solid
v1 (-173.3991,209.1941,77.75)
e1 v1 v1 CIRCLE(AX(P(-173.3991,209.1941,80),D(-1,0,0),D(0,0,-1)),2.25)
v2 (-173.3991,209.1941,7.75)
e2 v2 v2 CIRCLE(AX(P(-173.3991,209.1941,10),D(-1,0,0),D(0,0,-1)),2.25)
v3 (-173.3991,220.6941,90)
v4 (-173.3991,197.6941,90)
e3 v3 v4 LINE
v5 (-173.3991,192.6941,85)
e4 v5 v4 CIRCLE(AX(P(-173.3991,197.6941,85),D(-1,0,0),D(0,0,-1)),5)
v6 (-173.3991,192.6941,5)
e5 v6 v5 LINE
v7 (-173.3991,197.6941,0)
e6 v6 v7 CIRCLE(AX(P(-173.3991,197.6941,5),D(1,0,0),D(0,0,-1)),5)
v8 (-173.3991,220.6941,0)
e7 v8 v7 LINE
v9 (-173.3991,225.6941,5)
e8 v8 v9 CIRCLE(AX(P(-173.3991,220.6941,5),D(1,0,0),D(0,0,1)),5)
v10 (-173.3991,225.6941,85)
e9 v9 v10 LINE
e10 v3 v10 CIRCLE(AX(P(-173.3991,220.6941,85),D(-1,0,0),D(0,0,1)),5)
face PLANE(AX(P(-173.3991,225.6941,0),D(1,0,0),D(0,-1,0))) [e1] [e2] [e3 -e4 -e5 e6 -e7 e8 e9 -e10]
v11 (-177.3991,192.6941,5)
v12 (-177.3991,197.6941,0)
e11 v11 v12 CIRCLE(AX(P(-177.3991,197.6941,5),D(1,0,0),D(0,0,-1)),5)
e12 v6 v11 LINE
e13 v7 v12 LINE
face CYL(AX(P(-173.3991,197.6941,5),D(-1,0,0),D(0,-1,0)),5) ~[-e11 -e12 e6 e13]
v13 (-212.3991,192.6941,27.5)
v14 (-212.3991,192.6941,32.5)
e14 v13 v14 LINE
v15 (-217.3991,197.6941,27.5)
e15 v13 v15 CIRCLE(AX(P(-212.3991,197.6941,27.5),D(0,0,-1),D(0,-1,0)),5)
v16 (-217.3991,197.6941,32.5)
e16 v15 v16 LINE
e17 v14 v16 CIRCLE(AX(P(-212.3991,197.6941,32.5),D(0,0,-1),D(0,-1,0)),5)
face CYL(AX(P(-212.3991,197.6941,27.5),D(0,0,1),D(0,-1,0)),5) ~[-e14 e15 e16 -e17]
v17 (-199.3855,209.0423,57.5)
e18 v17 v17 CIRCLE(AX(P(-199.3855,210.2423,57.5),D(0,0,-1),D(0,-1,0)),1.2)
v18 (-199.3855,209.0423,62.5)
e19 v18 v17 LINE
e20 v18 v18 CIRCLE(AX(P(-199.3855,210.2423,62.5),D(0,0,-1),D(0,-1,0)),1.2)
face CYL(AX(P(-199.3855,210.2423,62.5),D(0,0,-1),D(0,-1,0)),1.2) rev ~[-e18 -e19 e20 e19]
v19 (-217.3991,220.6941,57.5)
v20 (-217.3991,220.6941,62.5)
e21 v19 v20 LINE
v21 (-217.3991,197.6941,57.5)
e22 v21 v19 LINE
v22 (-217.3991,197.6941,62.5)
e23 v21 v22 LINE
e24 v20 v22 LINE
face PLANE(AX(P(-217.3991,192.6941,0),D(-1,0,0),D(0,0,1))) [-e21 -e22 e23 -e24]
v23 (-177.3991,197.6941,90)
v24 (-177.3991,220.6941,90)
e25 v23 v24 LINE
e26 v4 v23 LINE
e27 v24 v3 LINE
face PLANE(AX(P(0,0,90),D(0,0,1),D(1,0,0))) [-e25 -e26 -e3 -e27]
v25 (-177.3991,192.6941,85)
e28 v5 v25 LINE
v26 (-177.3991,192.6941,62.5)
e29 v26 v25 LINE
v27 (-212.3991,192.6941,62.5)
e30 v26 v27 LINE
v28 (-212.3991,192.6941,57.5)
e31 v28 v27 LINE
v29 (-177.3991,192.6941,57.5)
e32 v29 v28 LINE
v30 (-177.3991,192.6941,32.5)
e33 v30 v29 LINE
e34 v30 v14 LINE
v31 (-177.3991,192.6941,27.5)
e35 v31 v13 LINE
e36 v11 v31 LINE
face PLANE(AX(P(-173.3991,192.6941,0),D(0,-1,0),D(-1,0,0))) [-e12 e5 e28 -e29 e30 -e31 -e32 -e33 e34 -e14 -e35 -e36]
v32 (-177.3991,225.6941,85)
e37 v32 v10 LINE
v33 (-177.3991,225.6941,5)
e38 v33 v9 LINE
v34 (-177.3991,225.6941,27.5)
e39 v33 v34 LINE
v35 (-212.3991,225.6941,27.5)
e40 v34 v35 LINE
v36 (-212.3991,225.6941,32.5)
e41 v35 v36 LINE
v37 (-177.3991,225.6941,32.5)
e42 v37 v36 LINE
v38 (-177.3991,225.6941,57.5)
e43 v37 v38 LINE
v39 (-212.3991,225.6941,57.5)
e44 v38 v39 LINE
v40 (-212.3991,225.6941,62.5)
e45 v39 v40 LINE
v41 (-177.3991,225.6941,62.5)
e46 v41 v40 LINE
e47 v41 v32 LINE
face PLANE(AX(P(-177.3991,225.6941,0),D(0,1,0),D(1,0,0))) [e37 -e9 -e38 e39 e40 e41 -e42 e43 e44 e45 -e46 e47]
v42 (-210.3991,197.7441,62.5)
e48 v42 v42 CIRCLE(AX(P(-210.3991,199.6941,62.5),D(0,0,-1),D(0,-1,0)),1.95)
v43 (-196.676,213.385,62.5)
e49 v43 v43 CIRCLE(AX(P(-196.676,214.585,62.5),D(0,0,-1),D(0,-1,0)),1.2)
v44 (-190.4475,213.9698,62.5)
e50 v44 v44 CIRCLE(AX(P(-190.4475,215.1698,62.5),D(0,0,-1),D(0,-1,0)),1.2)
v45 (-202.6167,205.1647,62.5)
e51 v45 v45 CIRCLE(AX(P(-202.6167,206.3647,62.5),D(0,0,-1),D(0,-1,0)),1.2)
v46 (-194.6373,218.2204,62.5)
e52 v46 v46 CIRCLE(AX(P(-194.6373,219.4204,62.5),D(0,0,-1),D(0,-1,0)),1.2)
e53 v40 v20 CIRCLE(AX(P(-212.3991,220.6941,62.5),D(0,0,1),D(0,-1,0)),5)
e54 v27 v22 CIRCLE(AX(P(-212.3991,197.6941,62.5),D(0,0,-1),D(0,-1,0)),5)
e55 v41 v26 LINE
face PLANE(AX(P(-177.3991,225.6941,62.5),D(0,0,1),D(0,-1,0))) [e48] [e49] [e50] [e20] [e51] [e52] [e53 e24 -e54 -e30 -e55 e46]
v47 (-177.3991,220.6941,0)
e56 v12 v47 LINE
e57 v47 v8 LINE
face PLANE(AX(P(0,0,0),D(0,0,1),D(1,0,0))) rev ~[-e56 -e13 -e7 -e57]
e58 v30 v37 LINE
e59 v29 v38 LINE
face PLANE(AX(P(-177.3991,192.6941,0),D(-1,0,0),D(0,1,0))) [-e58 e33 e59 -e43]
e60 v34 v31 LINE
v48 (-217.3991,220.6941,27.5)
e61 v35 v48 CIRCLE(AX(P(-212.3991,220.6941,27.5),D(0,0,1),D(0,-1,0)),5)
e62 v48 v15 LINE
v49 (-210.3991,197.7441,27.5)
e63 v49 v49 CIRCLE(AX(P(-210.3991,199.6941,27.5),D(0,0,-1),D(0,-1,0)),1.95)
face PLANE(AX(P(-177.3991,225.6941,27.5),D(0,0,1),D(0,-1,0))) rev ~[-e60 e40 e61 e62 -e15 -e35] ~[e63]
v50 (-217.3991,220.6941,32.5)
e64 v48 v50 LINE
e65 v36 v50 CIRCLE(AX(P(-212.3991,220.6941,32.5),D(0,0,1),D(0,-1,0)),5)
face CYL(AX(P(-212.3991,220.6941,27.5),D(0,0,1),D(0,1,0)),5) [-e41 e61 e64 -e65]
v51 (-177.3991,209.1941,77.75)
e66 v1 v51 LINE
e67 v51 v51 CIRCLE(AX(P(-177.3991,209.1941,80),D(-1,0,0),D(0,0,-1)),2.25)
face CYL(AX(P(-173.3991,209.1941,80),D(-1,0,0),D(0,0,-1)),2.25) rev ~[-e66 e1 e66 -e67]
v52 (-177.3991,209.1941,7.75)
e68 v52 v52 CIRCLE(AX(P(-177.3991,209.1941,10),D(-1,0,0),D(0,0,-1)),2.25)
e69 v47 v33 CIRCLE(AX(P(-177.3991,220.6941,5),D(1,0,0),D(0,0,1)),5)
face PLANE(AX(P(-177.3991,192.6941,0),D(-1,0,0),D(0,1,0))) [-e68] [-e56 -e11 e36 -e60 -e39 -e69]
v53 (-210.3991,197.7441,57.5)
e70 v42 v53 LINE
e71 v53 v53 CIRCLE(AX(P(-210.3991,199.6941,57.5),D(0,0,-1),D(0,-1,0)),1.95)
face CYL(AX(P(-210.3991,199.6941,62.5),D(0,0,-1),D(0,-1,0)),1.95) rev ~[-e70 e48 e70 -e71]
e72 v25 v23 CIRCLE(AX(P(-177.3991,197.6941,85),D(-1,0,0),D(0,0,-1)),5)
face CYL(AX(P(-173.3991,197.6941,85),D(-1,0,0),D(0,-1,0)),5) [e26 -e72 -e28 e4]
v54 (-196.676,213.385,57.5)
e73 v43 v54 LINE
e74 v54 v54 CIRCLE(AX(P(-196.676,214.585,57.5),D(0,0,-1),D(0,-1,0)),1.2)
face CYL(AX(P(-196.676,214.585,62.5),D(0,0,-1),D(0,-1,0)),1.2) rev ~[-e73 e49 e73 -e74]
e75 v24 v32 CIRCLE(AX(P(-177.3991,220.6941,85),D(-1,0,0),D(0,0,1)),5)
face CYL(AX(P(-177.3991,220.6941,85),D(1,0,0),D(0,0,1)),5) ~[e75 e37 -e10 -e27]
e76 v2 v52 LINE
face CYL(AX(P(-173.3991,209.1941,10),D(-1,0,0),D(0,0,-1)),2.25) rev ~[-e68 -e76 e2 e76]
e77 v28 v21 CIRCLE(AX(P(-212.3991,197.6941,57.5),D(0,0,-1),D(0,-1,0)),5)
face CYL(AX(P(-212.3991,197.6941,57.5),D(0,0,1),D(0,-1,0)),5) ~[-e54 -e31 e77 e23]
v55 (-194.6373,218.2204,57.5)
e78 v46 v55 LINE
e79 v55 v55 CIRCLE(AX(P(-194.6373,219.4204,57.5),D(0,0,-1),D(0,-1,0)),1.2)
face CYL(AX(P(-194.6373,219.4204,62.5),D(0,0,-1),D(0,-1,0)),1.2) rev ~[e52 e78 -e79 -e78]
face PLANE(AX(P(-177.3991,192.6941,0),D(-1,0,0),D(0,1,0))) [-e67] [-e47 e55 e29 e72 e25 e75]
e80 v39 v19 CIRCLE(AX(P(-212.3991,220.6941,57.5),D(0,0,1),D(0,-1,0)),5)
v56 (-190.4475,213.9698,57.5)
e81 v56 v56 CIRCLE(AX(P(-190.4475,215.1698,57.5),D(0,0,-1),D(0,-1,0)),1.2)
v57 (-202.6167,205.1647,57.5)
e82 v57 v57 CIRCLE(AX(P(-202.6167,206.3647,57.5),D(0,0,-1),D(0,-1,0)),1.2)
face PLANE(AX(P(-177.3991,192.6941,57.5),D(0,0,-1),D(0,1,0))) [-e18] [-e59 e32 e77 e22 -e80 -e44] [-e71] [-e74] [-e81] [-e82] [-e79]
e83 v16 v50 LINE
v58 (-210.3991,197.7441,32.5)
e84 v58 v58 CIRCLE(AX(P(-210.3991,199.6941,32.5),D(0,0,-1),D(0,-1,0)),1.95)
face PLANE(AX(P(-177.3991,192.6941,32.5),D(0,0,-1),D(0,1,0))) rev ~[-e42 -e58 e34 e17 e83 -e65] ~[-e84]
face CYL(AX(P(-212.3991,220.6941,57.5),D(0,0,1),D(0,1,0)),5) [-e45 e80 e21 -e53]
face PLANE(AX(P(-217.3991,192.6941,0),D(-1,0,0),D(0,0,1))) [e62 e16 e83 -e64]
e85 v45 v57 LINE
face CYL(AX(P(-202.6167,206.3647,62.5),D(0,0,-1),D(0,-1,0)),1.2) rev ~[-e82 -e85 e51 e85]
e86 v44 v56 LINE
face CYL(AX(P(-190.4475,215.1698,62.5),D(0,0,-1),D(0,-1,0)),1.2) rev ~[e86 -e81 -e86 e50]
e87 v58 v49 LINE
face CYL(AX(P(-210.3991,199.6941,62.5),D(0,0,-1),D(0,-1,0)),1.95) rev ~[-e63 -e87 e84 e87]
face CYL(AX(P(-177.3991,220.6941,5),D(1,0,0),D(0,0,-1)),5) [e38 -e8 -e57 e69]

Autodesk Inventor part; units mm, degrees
ref_plane "YZ Plane" through (0, 0, 0) normal (1, 0, 0) x (0, 1, 0)
ref_plane "XZ Plane" through (0, 0, 0) normal (0, 1, 0) x (-1, 0, 0)
ref_plane "XY Plane" through (0, 0, 0) normal (0, 0, 1) x (1, 0, 0)
sketch "Szkic1" plane through (0, 0, 0) normal (0, 0, 1) x (1, 0, 0)
  circle A0 centre (0, 0) radius 55 construction
  circle A1 centre (137.9996, 0.347) radius 55 construction
  circle A2 centre (275.9991, 0.6941) radius 55 construction
  line L0 (-173.3991, 195.8773) -> (-173.4121, 201.0636) construction
  line L1 (-173.3991, 247) -> (-173.3991, -116) construction
  line L2 (275.9991, -54.3059) -> (-673, -54.3059) construction
  line L3 (-488.3991, -4.3059) -> (-438.3991, -4.3059) construction
  line L4 (-438.3991, -4.3059) -> (-438.3991, -54.3059) construction
  line L5 (-438.3991, -54.3059) -> (-488.3991, -54.3059) construction
  line L6 (-488.3991, -54.3059) -> (-488.3991, -4.3059) construction
  line L7 (-438.4326, 222.6941) -> (233, 222.6941) construction
  line L8 (-438.4326, 192.6941) -> (378, 192.6941) construction
  line L9 (-476, 207.6941) -> (256, 207.6941) construction
  line L10 (-173.3991, 192.6941) -> (-177.3991, 192.6941)
  line L11 (-177.3991, 192.6941) -> (-177.3991, 225.6941)
  line L12 (-177.3991, 225.6941) -> (-173.3991, 225.6941)
  line L13 (-173.3991, 225.6941) -> (-173.3991, 192.6941)
  point P0 (15, -3)
  dimension "d0" = 50
  dimension "d1" = 50
  dimension "d2" = 265
  dimension "d3" = 277
  dimension "d4" = 30
  dimension "d5" = 15
  dimension "d6" = 4
  dimension "d62" = 33
extrude "Wyciągnięcie proste1" add sketch "Szkic1" along normal blind 90
sketch "Szkic2" plane through (-177.3991, 192.6941, 0) normal (-1, 0, 0) x (0, 0, 1)
  line L0 (90, 0) -> (90, 33) projected
  line L1 (0, 0) -> (0, 33) projected
  line L2 (0, 0) -> (0, 33) projected
  line L3 (0, 0) -> (90, 0) projected
  line L4 (90, 33) -> (90, 0) projected
  line L5 (0, 33) -> (90, 33) projected
  line L6 (0, 33) -> (90, 33) projected
  line L7 (0, 0) -> (90, 0) projected
  line L8 (57.5, 33) -> (62.5, 33)
  line L9 (62.5, 33) -> (62.5, 0)
  line L10 (62.5, 0) -> (57.5, 0)
  line L11 (57.5, 0) -> (57.5, 33)
  line L12 (32.5, 33) -> (27.5, 33)
  line L13 (27.5, 33) -> (27.5, 0)
  line L14 (27.5, 0) -> (32.5, 0)
  line L15 (32.5, 0) -> (32.5, 33)
  point P0 (0, -192.6941)
  point P1 (80, 16)
  point P2 (10, 16)
  dimension "d9" = 10
  dimension "d10" = 10
  dimension "d11" = 5
  dimension "d12" = 5
  dimension "d13" = 17.5
  dimension "d14" = 17.5
extrude "Wyciągnięcie proste2" add sketch "Szkic2" along normal blind 40 contours L3 L11 L5 L9 | L3 L13 L5 L15
fillet "Zaokrąglenie1" radius 5 8 edges at (-217.3991, 192.6941, 60) (-217.3991, 225.6941, 60) (-217.3991, 225.6941, 30) (-217.3991, 192.6941, 30) (-175.3991, 192.6941, 90) (-175.3991, 225.6941, 90) (-175.3991, 225.6941, 0) (-175.3991, 192.6941, 0)
sketch "Szkic3" plane through (-177.3991, 192.6941, 62.5) normal (0, 0, 1) x (1, 0, 0)
  line L0 (-298.6009, 15) -> (433.3991, 15) construction
  line L1 (-40, 5) -> (-40, 28) projected
  line L2 (-311, -197) -> (-261, -197) construction
  line L3 (-261, -247) -> (-311, -247) construction
  line L4 (-497, -197) -> (104, -197) construction
  line L5 (-221, 86) -> (-221, -341.1695) construction
  line L6 (-246, 90.4419) -> (-246, -336.7276) construction
  line L7 (-296, 88) -> (-296, -339.1695) construction
  line L8 (-271, 89) -> (-271, -338.1695) construction
  line L9 (4, 54.3059) -> (4, -308.6941) construction
  line L10 (-221, -197) -> (144.5683, 199.6805) construction
  line L11 (-246, -197) -> (156.8943, 188.8706) construction
  line L12 (-271, -197) -> (64.3345, 90.4296) construction
  line L13 (-296, -197) -> (182.0787, 173.8291) construction
  line L14 (-196, -338.1695) -> (-196, 81) construction
  line L15 (-171, -340.9749) -> (-171, 78.1946) construction
  line L16 (-296, -333) -> (-296, 85.2632) construction
  line L17 (-321, 80.9017) -> (-321, -346.2678) construction
  line L18 (-196, -197) -> (27.7781, 83.0658) construction
  circle A0 centre (-33, 7) radius 26.5 construction
  circle A1 centre (-33, 7) radius 24 construction
  circle A2 centre (-33, 7) radius 19 construction
  circle A3 centre (-33, 7) radius 25.25 construction
  circle A4 centre (-33, 7) radius 21.5 construction
  circle A5 centre (-33, 7) radius 20.25 construction
  circle A6 centre (-33, 7) radius 31.5 construction
  circle A7 centre (-33, 7) radius 16.5 construction
  circle A8 centre (-33, 7) radius 15.25 construction
  circle A9 centre (-33, 7) radius 14 construction
  circle A10 centre (-33, 7) radius 11.5 construction
  circle A11 centre (-33, 7) radius 10.25 construction
  circle A12 centre (-33, 7) radius 9 construction
  point P0 (177.3991, -192.6941)
  point P1 (-33, 15)
  point P2 (-13.0484, 22.4757)
  point P3 (-21.9865, 17.5482)
  point P4 (-25.2176, 13.6706)
  point P5 (-19.277, 21.891)
  point P6 (-17.2382, 26.7264)
  dimension "d33" = 40.5
  dimension "d36" = 30.5
  dimension "d46" = 20.5
  dimension "d18" = 7
  dimension "d19" = 8
  dimension "d20" = 225
  dimension "d21" = 250
  dimension "d22" = 275
  dimension "d24" = 200
  dimension "d25" = 175
  dimension "d26" = 300
  dimension "d27" = 325
  dimension "d28" = 53
  dimension "d29" = 48
  dimension "d30" = 38
  dimension "d31" = 50.5
  dimension "d32" = 43
  dimension "d34" = 63
  dimension "d35" = 33
  dimension "d37" = 28
  dimension "d45" = 23
  dimension "d47" = 18
hole "Otwór2" at (-190.4475, 215.1698, 62.5) at (-199.3855, 210.2423, 62.5) at (-202.6167, 206.3647, 62.5) at (-196.676, 214.585, 62.5) at (-194.6373, 219.4204, 62.5) direction (0, 0, -1) diameter 2.4 depth 8 tip angle 118 clearance for "Śruba ze łbem płaskim obrobiona" size "M2" standard "ANSI Profil metryczny M"
hole "Otwór3" at (-210.3991, 199.6941, 62.5) direction (0, 0, -1) diameter 3.9 end through all clearance for "Śruba ze łbem płaskim obrobiona" size "M3.5" standard "ANSI Profil metryczny M"
sketch "Szkic4" plane through (-173.3991, 197.6941, 0) normal (1, 0, 0) x (0, 0, -1)
  line L0 (-90, 23) -> (-90, 0) projected
  line L1 (-5, 28) -> (-85, 28) projected
  point P0 (0, -197.6941)
  point P1 (-80, 11.5)
  point P2 (-10, 11.5)
  dimension "d63" = 70
  dimension "d64" = 10
  dimension "d65" = 16.5
hole "Otwór4" at (-173.3991, 209.1941, 80) at (-173.3991, 209.1941, 10) direction (-1, 0, 0) diameter 4.5 depth 8 tip angle 118 clearance for "Śruba ze łbem płaskim obrobiona" size "M4" standard "ANSI Profil metryczny M"
equation "\"d5\" = 0.5 * d4"
equation "\"d9\" = d10"
equation "\"d14\" = d13"
properties part number "Czesc_do_Ramy"
